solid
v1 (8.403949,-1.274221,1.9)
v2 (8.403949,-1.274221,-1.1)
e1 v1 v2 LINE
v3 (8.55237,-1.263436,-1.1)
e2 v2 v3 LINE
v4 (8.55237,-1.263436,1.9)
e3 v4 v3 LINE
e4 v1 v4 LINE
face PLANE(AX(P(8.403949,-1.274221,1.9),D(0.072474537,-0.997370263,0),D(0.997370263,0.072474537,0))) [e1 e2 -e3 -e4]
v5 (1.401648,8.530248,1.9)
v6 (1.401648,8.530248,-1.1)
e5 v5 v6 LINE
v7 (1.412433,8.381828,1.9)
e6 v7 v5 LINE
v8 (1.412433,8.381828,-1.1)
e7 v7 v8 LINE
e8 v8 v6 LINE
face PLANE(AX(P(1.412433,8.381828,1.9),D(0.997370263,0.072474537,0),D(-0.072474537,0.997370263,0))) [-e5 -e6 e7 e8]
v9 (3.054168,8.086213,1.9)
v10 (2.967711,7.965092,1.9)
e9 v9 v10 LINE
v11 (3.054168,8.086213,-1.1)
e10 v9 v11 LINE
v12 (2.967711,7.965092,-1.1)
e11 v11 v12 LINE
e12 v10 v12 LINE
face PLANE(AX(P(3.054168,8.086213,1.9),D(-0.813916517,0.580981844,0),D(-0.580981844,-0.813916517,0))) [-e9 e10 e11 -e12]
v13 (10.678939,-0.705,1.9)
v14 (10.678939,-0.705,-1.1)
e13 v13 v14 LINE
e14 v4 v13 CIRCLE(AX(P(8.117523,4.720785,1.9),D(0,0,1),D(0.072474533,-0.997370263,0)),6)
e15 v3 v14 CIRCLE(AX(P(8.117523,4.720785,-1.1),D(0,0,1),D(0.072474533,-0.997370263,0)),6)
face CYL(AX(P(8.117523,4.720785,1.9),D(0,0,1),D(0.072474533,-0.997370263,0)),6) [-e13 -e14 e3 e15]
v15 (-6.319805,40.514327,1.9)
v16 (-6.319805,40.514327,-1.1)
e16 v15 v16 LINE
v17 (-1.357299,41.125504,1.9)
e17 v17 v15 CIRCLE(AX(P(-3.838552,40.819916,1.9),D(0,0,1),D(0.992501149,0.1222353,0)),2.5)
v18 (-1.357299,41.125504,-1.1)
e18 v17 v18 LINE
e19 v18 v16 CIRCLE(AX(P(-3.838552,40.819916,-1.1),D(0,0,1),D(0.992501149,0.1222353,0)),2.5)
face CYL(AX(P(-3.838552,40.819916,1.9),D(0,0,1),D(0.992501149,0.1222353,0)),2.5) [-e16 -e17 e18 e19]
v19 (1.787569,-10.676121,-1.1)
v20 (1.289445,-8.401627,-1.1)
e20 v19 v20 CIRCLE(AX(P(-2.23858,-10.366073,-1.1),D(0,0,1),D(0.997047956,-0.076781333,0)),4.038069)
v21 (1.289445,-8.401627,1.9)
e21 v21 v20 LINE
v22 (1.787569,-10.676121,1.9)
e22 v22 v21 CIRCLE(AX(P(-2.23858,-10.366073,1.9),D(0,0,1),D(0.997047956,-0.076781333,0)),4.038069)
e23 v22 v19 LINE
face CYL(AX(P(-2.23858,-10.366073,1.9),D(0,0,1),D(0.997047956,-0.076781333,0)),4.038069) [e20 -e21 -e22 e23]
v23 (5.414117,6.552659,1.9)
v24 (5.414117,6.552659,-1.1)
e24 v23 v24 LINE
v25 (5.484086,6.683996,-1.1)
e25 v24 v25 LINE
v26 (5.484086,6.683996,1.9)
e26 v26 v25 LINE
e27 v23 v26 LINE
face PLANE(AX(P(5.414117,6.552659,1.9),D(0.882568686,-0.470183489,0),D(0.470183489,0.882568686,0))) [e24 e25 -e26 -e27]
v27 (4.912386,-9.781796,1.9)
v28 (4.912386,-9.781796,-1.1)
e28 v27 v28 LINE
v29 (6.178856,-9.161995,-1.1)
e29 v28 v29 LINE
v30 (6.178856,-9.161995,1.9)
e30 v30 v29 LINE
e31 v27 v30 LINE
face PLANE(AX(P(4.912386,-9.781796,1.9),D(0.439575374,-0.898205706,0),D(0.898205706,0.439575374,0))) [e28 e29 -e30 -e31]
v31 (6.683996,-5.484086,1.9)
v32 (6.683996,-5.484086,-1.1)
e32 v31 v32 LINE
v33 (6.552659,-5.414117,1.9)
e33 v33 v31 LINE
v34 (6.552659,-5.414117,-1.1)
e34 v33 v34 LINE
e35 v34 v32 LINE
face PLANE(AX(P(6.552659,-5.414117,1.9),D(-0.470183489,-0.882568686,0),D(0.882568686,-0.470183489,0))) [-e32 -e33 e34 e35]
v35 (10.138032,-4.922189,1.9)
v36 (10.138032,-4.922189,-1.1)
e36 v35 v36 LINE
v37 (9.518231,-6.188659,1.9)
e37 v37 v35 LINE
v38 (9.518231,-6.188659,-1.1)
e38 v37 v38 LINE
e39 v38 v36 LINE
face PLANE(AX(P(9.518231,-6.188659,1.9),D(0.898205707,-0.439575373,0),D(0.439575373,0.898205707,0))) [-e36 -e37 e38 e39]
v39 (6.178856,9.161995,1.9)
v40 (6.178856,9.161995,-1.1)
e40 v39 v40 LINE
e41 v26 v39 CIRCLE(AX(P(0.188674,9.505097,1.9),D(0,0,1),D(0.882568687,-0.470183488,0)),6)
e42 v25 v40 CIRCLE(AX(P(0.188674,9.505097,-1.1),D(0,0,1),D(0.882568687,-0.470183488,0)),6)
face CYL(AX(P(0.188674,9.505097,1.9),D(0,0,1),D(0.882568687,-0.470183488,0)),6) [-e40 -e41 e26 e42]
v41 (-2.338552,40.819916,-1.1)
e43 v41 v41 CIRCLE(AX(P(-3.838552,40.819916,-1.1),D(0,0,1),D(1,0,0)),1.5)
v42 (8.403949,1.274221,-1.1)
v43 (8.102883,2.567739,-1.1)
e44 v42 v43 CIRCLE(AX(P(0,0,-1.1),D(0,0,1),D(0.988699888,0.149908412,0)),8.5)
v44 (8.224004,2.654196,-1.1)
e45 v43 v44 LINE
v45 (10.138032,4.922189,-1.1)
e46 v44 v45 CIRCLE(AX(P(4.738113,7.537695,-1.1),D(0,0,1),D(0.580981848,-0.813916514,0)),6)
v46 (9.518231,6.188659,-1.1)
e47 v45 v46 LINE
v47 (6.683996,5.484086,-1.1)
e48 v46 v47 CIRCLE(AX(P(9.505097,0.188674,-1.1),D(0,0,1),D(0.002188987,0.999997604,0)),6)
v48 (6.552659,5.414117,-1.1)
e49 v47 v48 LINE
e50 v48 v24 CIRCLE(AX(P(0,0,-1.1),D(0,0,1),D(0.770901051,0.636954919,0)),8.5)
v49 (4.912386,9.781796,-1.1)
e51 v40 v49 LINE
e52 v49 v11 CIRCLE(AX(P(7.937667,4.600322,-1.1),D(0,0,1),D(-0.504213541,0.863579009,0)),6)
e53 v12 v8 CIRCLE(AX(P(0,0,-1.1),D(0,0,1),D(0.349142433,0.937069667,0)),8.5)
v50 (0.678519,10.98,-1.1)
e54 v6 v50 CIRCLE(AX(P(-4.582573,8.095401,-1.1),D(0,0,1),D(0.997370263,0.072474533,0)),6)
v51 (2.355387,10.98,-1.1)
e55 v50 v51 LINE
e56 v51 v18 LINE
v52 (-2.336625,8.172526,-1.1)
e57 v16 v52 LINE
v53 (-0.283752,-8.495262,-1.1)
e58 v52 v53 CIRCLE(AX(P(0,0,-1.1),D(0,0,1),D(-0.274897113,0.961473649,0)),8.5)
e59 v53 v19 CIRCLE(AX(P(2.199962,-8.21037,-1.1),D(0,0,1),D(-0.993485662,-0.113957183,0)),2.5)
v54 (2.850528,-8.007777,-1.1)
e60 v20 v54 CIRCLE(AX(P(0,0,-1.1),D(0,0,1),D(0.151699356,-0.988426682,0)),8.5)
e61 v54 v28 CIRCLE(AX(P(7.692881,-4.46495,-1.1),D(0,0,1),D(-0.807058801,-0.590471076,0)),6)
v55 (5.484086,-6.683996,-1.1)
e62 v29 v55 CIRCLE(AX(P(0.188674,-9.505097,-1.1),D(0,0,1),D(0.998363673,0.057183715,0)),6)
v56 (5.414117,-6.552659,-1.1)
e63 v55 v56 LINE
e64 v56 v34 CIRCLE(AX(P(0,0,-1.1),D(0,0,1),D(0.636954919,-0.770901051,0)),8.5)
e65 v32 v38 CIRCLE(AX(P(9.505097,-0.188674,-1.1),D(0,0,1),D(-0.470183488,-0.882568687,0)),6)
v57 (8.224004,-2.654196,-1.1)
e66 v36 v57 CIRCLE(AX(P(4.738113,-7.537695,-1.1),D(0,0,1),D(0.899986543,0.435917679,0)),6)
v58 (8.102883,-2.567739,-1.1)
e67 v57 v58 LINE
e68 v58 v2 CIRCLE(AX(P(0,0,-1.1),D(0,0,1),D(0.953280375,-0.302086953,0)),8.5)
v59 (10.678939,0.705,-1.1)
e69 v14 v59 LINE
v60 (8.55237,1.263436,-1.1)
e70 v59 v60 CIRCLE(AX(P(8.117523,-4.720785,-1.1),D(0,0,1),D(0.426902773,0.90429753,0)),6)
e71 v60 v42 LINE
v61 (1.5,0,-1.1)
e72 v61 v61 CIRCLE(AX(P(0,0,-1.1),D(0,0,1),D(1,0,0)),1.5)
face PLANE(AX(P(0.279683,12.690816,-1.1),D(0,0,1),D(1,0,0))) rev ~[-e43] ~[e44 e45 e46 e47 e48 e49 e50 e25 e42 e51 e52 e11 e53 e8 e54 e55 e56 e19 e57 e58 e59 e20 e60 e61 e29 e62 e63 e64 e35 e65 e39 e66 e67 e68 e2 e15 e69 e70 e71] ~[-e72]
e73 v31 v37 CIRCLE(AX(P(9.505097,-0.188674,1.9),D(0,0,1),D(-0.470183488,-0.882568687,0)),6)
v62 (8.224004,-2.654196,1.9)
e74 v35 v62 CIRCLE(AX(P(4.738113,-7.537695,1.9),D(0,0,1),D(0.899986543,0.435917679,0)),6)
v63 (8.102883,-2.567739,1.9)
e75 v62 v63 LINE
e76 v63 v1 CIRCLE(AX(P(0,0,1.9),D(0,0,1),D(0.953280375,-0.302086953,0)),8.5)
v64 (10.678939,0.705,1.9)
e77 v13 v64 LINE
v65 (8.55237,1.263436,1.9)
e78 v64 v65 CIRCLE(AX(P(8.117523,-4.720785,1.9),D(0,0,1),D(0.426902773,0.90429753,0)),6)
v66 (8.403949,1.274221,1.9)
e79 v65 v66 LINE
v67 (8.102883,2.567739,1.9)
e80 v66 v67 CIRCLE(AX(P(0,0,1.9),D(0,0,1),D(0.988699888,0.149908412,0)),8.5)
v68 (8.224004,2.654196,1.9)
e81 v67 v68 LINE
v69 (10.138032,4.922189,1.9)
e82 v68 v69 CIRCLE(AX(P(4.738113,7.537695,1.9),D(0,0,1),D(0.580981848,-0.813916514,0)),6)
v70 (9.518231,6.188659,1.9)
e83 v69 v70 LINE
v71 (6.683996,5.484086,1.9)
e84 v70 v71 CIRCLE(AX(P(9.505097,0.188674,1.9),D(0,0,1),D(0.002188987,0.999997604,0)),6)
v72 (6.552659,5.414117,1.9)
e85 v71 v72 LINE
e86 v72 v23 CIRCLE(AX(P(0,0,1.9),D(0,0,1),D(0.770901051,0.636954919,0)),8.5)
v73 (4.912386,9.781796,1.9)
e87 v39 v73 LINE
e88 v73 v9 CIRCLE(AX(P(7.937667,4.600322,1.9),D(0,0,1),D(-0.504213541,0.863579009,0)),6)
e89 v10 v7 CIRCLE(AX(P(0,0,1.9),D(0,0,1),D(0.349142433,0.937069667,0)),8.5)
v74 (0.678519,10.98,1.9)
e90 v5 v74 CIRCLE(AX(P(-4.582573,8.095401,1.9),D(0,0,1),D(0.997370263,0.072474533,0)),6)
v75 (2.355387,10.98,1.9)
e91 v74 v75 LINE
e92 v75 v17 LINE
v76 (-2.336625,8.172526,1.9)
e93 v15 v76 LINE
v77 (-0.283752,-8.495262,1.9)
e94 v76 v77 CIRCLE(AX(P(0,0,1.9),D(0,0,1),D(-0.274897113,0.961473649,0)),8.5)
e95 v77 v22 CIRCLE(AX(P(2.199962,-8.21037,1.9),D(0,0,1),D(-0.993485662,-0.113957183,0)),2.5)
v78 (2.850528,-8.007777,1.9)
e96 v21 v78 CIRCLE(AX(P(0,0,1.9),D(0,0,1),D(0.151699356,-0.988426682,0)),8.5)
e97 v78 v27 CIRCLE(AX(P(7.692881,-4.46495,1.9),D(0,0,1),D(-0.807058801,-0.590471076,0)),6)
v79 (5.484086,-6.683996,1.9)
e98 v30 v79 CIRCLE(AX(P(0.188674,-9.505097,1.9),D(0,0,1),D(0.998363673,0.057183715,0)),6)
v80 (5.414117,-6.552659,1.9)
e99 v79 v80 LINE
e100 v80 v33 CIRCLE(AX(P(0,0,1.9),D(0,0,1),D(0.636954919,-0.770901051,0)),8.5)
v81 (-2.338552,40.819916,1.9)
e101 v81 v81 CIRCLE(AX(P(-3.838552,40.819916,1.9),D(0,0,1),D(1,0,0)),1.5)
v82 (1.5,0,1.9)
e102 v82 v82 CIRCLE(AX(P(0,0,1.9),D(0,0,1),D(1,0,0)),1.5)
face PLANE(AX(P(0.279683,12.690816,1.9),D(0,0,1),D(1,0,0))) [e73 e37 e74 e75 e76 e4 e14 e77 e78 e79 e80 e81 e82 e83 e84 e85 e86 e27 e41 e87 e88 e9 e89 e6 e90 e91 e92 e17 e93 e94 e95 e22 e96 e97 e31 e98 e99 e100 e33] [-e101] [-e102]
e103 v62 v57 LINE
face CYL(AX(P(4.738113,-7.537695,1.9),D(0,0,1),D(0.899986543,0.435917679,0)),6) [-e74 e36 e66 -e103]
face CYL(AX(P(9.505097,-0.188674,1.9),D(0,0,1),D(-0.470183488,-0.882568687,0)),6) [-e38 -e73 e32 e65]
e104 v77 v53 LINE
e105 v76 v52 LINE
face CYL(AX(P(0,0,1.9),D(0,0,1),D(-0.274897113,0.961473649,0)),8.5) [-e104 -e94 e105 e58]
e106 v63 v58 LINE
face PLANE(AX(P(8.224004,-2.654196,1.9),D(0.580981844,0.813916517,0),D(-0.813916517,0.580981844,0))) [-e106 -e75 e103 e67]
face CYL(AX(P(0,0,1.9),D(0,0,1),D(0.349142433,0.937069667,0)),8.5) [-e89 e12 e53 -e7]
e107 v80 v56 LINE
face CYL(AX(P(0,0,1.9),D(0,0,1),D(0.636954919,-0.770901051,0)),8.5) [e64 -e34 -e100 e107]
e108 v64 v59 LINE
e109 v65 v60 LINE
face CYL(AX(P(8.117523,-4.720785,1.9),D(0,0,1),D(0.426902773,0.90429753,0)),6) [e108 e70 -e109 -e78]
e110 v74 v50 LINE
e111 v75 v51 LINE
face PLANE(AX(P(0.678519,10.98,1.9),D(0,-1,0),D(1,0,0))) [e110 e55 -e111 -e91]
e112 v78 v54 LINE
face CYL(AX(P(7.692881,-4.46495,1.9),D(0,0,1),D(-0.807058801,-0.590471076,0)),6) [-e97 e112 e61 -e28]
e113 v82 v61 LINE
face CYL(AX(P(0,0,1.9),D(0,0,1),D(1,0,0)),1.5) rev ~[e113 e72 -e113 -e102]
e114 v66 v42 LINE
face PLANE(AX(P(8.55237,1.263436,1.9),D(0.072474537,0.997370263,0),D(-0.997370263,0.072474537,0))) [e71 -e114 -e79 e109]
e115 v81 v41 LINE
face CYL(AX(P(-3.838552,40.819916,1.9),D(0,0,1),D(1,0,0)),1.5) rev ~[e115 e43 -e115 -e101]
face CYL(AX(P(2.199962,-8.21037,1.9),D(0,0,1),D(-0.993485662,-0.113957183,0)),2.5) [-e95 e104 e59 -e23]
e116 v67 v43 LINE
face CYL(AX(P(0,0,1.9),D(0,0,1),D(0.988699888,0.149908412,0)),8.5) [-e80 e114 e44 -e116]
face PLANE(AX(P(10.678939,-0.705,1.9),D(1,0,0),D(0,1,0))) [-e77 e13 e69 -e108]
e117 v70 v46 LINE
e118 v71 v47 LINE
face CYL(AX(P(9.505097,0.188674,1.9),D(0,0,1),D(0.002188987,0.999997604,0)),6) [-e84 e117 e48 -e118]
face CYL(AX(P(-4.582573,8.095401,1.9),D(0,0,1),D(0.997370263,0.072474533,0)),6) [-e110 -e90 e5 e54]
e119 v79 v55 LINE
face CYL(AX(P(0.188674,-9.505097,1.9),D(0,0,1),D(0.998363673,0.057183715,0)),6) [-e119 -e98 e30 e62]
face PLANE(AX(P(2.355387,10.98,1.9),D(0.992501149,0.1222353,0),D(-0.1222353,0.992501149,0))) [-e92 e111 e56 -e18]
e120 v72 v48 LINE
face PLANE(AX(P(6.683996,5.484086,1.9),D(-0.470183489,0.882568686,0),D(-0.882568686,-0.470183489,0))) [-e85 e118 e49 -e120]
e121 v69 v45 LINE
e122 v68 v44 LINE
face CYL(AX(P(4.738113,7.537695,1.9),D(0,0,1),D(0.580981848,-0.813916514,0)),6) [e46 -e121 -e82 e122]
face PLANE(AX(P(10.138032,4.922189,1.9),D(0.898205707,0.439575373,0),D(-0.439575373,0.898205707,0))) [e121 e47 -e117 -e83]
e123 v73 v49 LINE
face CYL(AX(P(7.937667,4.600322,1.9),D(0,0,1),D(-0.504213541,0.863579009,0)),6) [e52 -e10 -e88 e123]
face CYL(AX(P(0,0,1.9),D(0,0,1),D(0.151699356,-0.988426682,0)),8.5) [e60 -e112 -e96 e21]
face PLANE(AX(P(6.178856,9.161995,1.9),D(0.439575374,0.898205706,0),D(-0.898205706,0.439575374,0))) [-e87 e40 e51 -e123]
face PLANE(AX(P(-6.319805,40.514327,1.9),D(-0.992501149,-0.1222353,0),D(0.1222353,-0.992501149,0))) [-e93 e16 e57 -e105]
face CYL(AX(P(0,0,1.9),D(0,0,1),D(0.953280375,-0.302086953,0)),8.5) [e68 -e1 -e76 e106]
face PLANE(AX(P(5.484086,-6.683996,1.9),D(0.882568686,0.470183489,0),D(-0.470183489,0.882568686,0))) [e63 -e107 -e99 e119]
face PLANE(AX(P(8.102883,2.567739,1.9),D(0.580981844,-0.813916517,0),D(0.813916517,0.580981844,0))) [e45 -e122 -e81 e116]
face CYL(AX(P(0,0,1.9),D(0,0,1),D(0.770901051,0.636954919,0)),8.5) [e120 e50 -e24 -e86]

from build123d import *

# Parameters (mm, degrees)
SKETCH1_R           = 1.5
BOSS_EXTRUDE1_DEPTH = 3


with BuildPart() as part:
    # Sketch1 → Boss-Extrude1 (new body)
    with BuildSketch(Plane.XY.offset(1.9)):
        with BuildLine():
            Line((-6.319804534, 40.514327491), (-2.33662546, 8.172526015))
            ThreePointArc((-2.33662546, 8.172526015), (-8.436254395, -1.03904369), (-0.283752271, -8.495262483))
            ThreePointArc((-0.283752271, -8.495262483), (0.387258031, -9.932027081), (1.787569077, -10.676121371))
            ThreePointArc((1.787569077, -10.676121371), (1.706000613, -9.502192185), (1.28944453, -8.401626795))
            ThreePointArc((1.28944453, -8.401626795), (2.079332338, -8.241745994), (2.850528183, -8.007776788))
            ThreePointArc((2.850528183, -8.007776788), (3.779603703, -9.013165462), (4.91238571, -9.781795823))
            Line((4.91238571, -9.781795823), (6.178855756, -9.161994546))
            ThreePointArc((6.178855756, -9.161994546), (5.965894349, -7.885306169), (5.484085843, -6.683995909))
            Line((5.484085843, -6.683995909), (5.414116812, -6.552658937))
            ThreePointArc((5.414116812, -6.552658937), (6.01040764, -6.01040764), (6.552658937, -5.414116812))
            Line((6.552658937, -5.414116812), (6.683995909, -5.484085843))
            ThreePointArc((6.683995909, -5.484085843), (8.057590144, -6.011450066), (9.518230762, -6.188659346))
            Line((9.518230762, -6.188659346), (10.138032038, -4.922189299))
            ThreePointArc((10.138032038, -4.922189299), (9.323454041, -3.667986658), (8.224003874, -2.65419629))
            Line((8.224003874, -2.65419629), (8.102883181, -2.567739114))
            ThreePointArc((8.102883181, -2.567739114), (8.278718168, -1.926869349), (8.403949047, -1.274221493))
            Line((8.403949047, -1.274221493), (8.552369893, -1.263436399))
            ThreePointArc((8.552369893, -1.263436399), (9.641452494, -1.082458564), (10.678939324, -0.705))
            Line((10.678939324, -0.705), (10.678939324, 0.705))
            ThreePointArc((10.678939324, 0.705), (9.641452494, 1.082458564), (8.552369893, 1.263436399))
            Line((8.552369893, 1.263436399), (8.403949047, 1.274221493))
            ThreePointArc((8.403949047, 1.274221493), (8.278718168, 1.926869349), (8.102883181, 2.567739114))
            Line((8.102883181, 2.567739114), (8.224003874, 2.65419629))
            ThreePointArc((8.224003874, 2.65419629), (9.323454041, 3.667986658), (10.138032038, 4.922189299))
            Line((10.138032038, 4.922189299), (9.518230762, 6.188659346))
            ThreePointArc((9.518230762, 6.188659346), (8.057590144, 6.011450066), (6.683995909, 5.484085843))
            Line((6.683995909, 5.484085843), (6.552658937, 5.414116812))
            ThreePointArc((6.552658937, 5.414116812), (6.01040764, 6.01040764), (5.414116812, 6.552658937))
            Line((5.414116812, 6.552658937), (5.484085843, 6.683995909))
            ThreePointArc((5.484085843, 6.683995909), (5.965894349, 7.885306169), (6.178855756, 9.161994546))
            Line((6.178855756, 9.161994546), (4.91238571, 9.781795823))
            ThreePointArc((4.91238571, 9.781795823), (3.893417709, 9.032482418), (3.054167872, 8.08621286))
            Line((3.054167872, 8.08621286), (2.967710696, 7.965092167))
            ThreePointArc((2.967710696, 7.965092167), (2.199961883, 8.210369523), (1.41243323, 8.381827508))
            Line((1.41243323, 8.381827508), (1.401648136, 8.530248353))
            ThreePointArc((1.401648136, 8.530248353), (1.171954356, 9.79405056), (0.678518537, 10.980000113))
            Line((0.678518537, 10.980000113), (2.3553868, 10.980000113))
            Line((2.3553868, 10.980000113), (-1.357298788, 41.125503992))
            ThreePointArc((-1.357298788, 41.125503992), (-4.144139911, 43.301168615), (-6.319804534, 40.514327491))
        make_face()
        with Locations((-3.838551661, 40.819915742)):
            Circle(SKETCH1_R, mode=Mode.SUBTRACT)
        Circle(SKETCH1_R, mode=Mode.SUBTRACT)
    extrude(amount=-BOSS_EXTRUDE1_DEPTH)


solid = part.part
